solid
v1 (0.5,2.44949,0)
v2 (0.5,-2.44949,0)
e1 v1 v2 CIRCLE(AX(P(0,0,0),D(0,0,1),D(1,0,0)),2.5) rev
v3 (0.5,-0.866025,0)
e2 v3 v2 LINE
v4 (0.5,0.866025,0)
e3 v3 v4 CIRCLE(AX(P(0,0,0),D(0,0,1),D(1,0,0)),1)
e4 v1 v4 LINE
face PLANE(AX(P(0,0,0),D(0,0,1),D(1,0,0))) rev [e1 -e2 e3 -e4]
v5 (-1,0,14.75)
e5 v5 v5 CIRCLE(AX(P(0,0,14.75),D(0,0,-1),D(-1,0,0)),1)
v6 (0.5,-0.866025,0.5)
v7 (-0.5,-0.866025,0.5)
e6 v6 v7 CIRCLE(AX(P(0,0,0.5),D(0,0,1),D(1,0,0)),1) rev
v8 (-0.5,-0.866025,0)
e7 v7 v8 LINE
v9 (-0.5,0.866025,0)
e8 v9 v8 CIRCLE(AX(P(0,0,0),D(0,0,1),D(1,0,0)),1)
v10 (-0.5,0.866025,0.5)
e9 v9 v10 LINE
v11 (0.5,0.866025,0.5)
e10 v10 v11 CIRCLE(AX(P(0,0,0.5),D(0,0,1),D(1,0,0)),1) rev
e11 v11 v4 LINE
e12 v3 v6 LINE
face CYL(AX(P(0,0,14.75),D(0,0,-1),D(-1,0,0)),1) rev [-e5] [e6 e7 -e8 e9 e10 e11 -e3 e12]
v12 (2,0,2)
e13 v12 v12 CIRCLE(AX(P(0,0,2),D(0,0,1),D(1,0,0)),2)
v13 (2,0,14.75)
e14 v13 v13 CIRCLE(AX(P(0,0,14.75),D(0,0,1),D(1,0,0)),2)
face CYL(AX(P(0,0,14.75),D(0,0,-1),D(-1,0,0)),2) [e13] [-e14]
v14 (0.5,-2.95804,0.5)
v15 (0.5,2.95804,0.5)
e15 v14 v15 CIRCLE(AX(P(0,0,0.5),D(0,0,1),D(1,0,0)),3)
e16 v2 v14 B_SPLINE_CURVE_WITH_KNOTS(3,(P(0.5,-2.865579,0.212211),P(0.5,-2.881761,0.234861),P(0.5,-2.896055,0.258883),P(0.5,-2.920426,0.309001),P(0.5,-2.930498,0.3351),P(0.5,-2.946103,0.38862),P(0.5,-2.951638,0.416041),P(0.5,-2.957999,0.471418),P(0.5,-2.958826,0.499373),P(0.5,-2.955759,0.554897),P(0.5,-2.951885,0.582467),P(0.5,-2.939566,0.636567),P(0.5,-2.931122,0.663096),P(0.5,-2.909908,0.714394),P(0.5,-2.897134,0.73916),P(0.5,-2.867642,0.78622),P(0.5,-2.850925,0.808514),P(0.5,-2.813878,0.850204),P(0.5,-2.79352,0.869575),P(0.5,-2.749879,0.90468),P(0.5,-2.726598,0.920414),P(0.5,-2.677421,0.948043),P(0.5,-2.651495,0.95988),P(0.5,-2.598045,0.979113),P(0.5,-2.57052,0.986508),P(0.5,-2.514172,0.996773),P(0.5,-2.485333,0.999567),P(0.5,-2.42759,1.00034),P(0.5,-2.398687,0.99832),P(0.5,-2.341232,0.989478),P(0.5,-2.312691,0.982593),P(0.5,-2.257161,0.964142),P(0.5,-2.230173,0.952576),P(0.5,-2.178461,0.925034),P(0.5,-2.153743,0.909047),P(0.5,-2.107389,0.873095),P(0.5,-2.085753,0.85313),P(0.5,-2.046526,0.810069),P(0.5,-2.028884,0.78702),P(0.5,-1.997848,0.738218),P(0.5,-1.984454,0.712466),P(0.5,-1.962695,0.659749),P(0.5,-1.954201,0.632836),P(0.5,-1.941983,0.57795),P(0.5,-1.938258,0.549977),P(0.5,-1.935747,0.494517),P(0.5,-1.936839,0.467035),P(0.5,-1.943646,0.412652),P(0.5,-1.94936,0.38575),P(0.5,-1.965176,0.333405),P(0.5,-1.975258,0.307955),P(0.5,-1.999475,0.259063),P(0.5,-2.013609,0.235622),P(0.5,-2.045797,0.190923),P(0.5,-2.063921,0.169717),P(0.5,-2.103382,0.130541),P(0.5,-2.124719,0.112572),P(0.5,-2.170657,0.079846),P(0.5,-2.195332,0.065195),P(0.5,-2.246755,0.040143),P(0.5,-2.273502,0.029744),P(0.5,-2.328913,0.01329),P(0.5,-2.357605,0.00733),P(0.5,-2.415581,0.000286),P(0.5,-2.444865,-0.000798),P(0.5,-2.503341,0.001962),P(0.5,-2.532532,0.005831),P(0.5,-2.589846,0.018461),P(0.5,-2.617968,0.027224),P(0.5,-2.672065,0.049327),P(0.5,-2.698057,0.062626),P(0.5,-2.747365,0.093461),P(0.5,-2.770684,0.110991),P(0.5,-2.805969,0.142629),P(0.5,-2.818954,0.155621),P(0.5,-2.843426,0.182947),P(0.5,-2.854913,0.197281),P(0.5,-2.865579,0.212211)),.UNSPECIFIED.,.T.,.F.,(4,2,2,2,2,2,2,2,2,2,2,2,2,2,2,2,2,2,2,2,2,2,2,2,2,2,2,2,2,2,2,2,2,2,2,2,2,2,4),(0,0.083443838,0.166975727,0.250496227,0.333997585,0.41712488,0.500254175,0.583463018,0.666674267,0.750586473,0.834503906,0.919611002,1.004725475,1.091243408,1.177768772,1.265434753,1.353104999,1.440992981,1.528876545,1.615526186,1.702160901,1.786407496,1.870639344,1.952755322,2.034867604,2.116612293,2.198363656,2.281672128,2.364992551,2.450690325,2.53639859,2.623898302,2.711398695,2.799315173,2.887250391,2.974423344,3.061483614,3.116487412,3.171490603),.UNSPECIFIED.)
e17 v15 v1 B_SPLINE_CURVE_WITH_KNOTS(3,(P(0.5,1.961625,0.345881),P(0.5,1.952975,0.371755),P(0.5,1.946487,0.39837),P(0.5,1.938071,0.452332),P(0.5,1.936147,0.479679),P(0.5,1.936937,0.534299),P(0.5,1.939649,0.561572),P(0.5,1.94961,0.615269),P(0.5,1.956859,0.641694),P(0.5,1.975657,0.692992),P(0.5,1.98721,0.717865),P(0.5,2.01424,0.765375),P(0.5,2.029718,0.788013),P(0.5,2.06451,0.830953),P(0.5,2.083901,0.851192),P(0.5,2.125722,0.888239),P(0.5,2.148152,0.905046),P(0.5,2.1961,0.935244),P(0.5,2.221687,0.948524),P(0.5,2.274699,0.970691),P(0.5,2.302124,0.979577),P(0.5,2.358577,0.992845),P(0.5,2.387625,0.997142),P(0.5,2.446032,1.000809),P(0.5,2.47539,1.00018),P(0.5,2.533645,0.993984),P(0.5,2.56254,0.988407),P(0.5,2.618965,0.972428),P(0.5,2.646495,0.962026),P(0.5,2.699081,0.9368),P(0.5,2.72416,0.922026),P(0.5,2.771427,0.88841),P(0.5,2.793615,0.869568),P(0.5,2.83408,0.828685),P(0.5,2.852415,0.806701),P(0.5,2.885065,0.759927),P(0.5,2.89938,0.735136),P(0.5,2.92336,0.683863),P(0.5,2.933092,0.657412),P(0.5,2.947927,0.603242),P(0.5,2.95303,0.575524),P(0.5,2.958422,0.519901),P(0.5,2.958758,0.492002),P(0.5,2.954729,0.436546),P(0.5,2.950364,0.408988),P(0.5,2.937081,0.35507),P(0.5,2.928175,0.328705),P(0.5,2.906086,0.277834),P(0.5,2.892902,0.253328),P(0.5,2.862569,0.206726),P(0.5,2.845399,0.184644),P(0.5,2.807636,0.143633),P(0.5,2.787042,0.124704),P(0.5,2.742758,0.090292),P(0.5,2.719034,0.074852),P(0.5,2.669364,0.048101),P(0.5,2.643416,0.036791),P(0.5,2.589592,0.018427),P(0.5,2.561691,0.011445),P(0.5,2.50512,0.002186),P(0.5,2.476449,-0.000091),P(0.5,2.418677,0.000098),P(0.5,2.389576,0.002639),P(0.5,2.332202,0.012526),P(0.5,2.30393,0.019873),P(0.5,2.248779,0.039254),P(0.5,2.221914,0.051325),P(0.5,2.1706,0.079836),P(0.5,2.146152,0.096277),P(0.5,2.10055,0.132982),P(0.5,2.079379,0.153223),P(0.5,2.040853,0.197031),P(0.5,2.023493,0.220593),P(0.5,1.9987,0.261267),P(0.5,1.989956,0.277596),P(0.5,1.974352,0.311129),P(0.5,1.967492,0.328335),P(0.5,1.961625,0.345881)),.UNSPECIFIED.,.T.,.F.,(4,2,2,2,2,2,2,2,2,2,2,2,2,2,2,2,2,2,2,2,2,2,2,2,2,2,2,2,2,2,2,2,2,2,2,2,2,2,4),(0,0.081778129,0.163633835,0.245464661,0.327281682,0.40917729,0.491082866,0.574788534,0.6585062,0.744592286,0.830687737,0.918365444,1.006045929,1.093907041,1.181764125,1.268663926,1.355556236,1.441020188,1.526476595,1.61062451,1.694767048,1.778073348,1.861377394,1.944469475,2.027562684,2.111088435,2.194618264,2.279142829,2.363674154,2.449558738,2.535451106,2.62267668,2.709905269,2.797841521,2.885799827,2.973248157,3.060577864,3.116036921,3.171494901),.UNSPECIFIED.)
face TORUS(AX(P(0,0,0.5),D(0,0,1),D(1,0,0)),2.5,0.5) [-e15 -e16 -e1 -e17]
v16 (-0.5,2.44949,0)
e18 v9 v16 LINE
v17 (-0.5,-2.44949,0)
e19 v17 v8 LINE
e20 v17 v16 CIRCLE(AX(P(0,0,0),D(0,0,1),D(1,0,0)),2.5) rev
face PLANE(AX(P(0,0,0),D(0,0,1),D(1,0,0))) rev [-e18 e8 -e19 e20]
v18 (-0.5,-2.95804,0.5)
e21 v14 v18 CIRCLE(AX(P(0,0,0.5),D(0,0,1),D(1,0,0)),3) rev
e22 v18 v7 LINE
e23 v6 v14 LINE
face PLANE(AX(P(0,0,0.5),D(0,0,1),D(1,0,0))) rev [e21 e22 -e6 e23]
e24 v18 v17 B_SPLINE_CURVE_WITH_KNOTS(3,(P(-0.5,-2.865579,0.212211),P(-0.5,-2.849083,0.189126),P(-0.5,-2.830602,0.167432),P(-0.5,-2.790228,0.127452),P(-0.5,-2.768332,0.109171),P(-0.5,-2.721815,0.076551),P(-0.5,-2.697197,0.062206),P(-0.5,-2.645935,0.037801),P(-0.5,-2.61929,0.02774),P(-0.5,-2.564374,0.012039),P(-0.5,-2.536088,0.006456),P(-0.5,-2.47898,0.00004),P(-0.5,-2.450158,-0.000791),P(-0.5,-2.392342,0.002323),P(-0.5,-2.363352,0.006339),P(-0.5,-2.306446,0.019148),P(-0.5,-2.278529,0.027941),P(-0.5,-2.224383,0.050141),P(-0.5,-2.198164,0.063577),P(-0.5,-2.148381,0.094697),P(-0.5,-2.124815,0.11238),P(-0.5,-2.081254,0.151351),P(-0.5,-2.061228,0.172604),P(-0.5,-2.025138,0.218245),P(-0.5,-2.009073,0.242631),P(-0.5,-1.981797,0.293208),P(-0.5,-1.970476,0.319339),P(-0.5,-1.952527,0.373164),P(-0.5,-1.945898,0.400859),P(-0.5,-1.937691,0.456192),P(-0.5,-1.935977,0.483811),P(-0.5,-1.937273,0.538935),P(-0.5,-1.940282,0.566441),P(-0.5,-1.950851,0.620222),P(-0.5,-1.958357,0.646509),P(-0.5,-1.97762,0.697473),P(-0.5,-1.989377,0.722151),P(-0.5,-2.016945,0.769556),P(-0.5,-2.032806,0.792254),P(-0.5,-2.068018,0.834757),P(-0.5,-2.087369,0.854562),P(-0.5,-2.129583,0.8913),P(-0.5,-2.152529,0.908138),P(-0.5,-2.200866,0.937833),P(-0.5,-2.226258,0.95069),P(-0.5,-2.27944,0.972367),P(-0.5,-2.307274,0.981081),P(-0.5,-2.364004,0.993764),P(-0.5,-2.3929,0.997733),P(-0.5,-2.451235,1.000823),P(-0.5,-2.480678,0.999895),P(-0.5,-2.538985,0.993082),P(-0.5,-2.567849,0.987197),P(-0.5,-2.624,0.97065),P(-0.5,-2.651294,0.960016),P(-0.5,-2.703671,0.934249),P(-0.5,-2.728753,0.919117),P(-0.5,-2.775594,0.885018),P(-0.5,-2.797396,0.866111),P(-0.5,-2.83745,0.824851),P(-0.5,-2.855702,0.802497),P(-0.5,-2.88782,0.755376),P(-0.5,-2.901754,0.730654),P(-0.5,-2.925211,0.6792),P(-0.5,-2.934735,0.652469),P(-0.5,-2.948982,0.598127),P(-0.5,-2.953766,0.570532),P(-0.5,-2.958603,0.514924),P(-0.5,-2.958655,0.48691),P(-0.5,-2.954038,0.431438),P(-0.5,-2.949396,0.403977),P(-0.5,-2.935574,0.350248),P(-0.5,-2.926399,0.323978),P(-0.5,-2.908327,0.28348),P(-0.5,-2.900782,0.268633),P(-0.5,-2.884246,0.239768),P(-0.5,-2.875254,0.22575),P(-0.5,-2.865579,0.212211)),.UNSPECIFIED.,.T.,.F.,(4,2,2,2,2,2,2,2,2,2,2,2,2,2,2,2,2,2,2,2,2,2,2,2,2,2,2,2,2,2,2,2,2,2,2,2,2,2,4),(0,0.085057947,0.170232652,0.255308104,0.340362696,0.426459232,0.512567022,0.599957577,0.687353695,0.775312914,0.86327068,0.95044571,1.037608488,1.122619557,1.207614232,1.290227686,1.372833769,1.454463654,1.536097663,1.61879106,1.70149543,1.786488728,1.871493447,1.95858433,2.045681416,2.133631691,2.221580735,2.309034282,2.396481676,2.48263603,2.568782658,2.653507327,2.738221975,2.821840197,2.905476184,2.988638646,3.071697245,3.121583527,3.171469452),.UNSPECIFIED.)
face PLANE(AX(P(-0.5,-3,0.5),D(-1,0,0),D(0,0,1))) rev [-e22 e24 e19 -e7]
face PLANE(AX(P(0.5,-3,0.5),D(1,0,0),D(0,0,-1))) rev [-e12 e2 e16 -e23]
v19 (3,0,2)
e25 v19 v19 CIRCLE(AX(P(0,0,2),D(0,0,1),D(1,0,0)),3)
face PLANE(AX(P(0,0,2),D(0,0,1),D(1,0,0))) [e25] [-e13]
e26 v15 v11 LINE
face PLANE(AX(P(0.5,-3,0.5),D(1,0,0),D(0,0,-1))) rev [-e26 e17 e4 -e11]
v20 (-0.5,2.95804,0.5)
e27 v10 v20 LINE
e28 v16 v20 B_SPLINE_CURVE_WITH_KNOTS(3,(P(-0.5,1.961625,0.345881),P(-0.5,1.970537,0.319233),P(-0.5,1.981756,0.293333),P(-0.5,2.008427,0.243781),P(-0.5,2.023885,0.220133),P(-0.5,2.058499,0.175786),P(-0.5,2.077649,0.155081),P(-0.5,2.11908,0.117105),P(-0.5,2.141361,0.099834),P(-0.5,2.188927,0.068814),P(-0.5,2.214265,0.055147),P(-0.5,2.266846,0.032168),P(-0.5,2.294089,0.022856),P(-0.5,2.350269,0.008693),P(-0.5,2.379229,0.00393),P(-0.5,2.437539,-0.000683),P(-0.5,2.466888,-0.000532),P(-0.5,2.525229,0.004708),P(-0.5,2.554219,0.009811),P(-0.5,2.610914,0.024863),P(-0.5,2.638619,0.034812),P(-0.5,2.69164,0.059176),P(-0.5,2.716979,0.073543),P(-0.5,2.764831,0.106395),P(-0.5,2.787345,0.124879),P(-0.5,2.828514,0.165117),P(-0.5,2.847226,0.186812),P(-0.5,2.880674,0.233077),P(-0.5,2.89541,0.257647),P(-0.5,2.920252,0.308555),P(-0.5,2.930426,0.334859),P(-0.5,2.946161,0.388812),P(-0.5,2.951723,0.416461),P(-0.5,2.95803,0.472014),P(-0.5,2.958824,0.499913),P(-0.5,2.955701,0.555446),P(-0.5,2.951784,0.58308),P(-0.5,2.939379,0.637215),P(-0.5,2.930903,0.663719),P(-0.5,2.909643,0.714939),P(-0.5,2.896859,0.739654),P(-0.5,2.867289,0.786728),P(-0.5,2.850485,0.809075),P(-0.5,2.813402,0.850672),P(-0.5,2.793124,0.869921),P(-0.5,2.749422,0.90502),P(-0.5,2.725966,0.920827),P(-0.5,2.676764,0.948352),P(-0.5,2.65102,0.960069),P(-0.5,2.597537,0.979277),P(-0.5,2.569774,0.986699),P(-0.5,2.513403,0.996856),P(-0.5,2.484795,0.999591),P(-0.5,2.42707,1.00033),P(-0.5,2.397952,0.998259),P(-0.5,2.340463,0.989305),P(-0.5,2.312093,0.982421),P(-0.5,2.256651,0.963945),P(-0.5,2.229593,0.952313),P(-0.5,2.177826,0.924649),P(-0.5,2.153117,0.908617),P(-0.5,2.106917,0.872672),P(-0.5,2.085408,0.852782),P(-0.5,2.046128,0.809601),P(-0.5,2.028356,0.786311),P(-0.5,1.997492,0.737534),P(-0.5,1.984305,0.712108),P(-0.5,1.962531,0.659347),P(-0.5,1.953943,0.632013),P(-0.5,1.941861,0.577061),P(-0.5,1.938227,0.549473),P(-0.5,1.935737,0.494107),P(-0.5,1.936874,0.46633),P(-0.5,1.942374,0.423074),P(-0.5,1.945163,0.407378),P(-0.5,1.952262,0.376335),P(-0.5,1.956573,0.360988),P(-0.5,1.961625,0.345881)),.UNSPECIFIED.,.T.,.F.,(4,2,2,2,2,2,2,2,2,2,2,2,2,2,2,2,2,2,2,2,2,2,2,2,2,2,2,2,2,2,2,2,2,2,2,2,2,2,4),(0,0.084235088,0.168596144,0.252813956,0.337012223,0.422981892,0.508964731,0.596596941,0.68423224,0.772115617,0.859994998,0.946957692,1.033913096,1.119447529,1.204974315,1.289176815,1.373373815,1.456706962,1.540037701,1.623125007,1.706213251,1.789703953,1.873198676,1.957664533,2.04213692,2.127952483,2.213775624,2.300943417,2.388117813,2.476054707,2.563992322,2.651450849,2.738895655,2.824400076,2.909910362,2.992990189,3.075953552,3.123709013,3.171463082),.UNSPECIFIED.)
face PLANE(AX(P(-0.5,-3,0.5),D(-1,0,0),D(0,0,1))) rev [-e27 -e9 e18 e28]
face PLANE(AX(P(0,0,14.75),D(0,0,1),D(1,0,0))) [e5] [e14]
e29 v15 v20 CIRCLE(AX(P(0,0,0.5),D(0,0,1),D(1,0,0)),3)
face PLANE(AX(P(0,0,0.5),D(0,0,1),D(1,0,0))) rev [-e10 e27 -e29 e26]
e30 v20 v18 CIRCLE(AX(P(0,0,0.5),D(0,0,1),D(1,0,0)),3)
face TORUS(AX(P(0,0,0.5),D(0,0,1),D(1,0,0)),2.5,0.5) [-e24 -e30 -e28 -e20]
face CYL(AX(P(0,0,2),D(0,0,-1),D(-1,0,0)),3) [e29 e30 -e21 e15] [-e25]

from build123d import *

# Parameters (mm, degrees)
SKETCH1_R               = 3
BOSS_EXTRUDE1_DEPTH     = 2
FILLET1_R               = 0.5
SKETCH2_R               = 2
BOSS_EXTRUDE2_DEPTH     = 12.75
CUT_EXTRUDE1_DEPTH      = 16.348045478
CUT_EXTRUDE1_DEPTH_BACK = 16.348045478
SKETCH3_R               = 1
SKETCH4_W               = 1
SKETCH4_H               = 6
CUT_EXTRUDE3_DEPTH      = 0.5


with BuildPart() as part:
    # Sketch1 → Boss-Extrude1 (new body)
    with BuildSketch(Plane.XY):
        Circle(SKETCH1_R)
    extrude(amount=BOSS_EXTRUDE1_DEPTH)

    # Fillet1
    fillet1_edges = [part.edges().sort_by_distance(p)[0] for p in [
        (-3, 0, 0),
    ]]
    fillet(fillet1_edges, radius=FILLET1_R)

    # Sketch2 → Boss-Extrude2 (add)
    with BuildSketch(Plane.XY.offset(2)):
        Circle(SKETCH2_R)
    extrude(amount=BOSS_EXTRUDE2_DEPTH)

    # Sketch3 → Cut-Extrude1 (cut, two sides: drawn at the far end of the back side and taken through both)
    with BuildSketch(Plane(origin=(0, 0, 0), x_dir=(-1, 0, 0), z_dir=(0, 0, -1)).offset(-CUT_EXTRUDE1_DEPTH_BACK)):
        Circle(SKETCH3_R)
    extrude(amount=CUT_EXTRUDE1_DEPTH + CUT_EXTRUDE1_DEPTH_BACK, mode=Mode.SUBTRACT)

    # Sketch4 → Cut-Extrude3 (cut)
    with BuildSketch(Plane(origin=(0, 0, 0), x_dir=(-1, 0, 0), z_dir=(0, 0, -1))):
        Rectangle(SKETCH4_W, SKETCH4_H)
    extrude(amount=-CUT_EXTRUDE3_DEPTH, mode=Mode.SUBTRACT)


solid = part.part
